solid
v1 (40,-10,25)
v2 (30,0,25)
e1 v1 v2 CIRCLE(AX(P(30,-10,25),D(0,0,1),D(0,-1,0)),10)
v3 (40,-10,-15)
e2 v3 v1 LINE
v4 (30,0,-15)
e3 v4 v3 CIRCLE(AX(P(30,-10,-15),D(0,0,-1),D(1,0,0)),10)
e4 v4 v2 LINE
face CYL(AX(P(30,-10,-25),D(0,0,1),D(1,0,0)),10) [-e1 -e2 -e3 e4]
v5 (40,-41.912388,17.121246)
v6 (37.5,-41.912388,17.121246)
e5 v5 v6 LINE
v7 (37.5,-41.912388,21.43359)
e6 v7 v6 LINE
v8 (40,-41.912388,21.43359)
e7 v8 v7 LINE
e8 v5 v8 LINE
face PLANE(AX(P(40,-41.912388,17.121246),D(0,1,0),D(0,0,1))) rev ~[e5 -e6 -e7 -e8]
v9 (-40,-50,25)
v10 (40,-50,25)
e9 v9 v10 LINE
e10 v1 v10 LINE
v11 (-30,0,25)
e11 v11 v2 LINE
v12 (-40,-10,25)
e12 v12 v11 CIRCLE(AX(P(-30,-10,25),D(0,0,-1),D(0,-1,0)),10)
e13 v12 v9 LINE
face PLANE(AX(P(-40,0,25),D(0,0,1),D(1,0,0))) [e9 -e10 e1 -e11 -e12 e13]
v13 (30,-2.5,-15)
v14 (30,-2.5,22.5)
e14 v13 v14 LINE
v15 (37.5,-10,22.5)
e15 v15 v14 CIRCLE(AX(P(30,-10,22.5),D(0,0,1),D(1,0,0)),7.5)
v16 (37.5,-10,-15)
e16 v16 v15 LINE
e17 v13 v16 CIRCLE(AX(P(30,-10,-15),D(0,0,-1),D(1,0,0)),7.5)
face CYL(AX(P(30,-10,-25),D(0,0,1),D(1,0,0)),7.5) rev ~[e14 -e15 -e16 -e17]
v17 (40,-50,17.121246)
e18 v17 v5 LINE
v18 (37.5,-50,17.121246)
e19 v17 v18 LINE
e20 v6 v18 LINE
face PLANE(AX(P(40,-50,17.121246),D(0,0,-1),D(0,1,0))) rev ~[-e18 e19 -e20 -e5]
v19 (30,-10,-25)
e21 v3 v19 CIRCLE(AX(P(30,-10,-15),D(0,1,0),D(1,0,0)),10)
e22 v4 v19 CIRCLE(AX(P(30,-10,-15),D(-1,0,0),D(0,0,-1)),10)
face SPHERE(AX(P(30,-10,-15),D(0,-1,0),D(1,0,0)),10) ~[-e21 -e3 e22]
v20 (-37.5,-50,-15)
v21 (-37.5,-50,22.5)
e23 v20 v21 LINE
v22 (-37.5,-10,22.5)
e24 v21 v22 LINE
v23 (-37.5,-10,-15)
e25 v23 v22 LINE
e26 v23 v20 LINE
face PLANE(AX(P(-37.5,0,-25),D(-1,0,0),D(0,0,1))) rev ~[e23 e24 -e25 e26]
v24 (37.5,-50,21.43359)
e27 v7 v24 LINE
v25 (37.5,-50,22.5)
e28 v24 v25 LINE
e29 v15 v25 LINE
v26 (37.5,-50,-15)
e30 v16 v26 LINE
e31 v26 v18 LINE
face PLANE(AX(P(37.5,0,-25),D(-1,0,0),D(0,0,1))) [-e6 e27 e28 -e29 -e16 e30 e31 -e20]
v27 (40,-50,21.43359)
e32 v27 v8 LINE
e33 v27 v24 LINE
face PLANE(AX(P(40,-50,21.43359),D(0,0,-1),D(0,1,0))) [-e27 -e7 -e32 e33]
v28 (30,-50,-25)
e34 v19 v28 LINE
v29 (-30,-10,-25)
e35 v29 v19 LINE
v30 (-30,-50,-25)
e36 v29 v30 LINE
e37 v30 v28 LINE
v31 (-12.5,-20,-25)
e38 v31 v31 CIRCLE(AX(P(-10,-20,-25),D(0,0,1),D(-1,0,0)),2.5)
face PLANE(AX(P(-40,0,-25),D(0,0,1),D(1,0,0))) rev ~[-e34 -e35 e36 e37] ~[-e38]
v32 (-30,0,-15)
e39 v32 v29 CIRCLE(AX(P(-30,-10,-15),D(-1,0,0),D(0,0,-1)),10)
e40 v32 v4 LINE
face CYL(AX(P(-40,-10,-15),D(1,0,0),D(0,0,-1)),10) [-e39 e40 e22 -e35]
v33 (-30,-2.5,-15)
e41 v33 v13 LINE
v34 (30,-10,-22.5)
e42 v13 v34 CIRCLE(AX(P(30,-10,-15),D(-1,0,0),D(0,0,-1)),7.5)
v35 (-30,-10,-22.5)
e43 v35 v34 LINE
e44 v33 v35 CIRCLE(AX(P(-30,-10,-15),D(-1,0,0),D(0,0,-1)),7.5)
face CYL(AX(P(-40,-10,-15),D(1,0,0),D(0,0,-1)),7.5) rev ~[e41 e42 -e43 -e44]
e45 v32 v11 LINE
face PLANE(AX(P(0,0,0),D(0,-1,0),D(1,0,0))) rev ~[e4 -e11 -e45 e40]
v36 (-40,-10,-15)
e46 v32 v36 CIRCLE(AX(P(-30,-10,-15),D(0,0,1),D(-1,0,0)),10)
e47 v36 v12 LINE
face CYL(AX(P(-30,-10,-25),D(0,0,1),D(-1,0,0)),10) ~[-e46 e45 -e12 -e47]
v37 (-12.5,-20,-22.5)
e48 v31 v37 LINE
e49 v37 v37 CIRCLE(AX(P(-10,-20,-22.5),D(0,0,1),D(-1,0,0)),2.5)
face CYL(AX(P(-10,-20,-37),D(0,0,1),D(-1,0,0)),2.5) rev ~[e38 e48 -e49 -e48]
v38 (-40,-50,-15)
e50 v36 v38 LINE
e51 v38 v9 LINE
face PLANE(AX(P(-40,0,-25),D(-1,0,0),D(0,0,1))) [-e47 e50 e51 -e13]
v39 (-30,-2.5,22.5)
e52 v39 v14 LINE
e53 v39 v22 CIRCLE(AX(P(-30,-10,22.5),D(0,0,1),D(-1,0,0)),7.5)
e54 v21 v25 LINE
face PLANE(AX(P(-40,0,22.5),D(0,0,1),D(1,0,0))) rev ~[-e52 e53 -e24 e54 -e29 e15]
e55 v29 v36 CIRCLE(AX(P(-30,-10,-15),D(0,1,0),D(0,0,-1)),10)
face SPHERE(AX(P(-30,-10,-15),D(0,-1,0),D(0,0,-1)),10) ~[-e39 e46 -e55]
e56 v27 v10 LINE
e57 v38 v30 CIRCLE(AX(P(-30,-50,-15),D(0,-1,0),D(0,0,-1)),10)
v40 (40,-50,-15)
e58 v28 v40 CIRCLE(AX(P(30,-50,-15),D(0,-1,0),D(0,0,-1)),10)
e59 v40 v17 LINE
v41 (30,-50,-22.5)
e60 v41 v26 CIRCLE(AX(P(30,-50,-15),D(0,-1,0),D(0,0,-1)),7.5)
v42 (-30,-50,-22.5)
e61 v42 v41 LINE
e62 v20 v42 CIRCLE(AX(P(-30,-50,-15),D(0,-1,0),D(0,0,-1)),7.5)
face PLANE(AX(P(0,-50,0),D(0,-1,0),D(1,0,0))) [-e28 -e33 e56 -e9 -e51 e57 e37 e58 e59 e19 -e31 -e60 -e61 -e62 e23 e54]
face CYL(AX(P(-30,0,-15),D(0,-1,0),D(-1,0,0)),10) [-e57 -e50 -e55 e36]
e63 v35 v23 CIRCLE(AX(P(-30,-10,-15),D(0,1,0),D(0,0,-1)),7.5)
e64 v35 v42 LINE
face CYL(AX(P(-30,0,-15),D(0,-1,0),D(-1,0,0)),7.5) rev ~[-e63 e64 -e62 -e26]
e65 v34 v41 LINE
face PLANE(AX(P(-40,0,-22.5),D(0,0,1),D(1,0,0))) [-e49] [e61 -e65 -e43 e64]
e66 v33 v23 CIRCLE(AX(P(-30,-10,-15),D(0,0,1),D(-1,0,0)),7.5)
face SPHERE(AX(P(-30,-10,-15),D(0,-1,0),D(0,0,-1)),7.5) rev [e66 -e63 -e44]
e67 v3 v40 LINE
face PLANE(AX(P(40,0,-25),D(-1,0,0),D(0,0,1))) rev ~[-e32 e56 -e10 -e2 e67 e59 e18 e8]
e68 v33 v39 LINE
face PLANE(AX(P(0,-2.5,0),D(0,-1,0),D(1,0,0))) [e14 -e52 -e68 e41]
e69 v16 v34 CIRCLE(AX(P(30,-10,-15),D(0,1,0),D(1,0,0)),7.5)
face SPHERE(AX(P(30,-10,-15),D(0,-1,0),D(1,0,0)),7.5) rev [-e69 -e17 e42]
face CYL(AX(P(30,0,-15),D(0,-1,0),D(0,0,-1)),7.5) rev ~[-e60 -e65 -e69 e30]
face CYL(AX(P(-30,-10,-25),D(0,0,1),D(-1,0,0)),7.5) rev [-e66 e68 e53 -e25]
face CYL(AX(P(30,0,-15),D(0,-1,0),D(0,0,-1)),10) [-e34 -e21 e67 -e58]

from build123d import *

# Parameters (mm, degrees)
F0_W     = 80
F0_H     = 50
F1_DEPTH = 50
F2_R     = 10
F3_T     = -2.5
F5_D     = 5
F5_DEPTH = 12
F6_W     = 8.087612
F6_H     = 4.312344
F7_DEPTH = 25


with BuildPart() as f1:
    # F0 (on Front) → F1 (new body)
    with BuildSketch(Plane.XZ):
        Rectangle(F0_W, F0_H)
    extrude(amount=F1_DEPTH)

    # F2
    f2_edges = [f1.edges().sort_by_distance(p)[0] for p in [
        (40, -25, -25),
        (-40, -25, -25),
        (40, 0, 0),
        (0, 0, -25),
        (-40, 0, 0),
    ]]
    fillet(f2_edges, radius=F2_R)

    # F3
    f3_openings = [f1.faces().sort_by_distance(p)[0] for p in [
        (0, -50, 0.246934),
    ]]
    offset(amount=F3_T, openings=f3_openings)

    # F5
    with Locations(Plane(origin=(0, 0, -25), x_dir=(1, 0, 0), z_dir=(0, 0, -1))):
        with Locations((-10, 20)):
            Hole(F5_D / 2, depth=F5_DEPTH)

    # F6 (on face) → F7 (cut)
    with BuildSketch(Plane.YZ.offset(40)):
        with Locations((-45.956194, 19.277418)):
            Rectangle(F6_W, F6_H)
    extrude(amount=-F7_DEPTH, mode=Mode.SUBTRACT)


solid = f1.part
